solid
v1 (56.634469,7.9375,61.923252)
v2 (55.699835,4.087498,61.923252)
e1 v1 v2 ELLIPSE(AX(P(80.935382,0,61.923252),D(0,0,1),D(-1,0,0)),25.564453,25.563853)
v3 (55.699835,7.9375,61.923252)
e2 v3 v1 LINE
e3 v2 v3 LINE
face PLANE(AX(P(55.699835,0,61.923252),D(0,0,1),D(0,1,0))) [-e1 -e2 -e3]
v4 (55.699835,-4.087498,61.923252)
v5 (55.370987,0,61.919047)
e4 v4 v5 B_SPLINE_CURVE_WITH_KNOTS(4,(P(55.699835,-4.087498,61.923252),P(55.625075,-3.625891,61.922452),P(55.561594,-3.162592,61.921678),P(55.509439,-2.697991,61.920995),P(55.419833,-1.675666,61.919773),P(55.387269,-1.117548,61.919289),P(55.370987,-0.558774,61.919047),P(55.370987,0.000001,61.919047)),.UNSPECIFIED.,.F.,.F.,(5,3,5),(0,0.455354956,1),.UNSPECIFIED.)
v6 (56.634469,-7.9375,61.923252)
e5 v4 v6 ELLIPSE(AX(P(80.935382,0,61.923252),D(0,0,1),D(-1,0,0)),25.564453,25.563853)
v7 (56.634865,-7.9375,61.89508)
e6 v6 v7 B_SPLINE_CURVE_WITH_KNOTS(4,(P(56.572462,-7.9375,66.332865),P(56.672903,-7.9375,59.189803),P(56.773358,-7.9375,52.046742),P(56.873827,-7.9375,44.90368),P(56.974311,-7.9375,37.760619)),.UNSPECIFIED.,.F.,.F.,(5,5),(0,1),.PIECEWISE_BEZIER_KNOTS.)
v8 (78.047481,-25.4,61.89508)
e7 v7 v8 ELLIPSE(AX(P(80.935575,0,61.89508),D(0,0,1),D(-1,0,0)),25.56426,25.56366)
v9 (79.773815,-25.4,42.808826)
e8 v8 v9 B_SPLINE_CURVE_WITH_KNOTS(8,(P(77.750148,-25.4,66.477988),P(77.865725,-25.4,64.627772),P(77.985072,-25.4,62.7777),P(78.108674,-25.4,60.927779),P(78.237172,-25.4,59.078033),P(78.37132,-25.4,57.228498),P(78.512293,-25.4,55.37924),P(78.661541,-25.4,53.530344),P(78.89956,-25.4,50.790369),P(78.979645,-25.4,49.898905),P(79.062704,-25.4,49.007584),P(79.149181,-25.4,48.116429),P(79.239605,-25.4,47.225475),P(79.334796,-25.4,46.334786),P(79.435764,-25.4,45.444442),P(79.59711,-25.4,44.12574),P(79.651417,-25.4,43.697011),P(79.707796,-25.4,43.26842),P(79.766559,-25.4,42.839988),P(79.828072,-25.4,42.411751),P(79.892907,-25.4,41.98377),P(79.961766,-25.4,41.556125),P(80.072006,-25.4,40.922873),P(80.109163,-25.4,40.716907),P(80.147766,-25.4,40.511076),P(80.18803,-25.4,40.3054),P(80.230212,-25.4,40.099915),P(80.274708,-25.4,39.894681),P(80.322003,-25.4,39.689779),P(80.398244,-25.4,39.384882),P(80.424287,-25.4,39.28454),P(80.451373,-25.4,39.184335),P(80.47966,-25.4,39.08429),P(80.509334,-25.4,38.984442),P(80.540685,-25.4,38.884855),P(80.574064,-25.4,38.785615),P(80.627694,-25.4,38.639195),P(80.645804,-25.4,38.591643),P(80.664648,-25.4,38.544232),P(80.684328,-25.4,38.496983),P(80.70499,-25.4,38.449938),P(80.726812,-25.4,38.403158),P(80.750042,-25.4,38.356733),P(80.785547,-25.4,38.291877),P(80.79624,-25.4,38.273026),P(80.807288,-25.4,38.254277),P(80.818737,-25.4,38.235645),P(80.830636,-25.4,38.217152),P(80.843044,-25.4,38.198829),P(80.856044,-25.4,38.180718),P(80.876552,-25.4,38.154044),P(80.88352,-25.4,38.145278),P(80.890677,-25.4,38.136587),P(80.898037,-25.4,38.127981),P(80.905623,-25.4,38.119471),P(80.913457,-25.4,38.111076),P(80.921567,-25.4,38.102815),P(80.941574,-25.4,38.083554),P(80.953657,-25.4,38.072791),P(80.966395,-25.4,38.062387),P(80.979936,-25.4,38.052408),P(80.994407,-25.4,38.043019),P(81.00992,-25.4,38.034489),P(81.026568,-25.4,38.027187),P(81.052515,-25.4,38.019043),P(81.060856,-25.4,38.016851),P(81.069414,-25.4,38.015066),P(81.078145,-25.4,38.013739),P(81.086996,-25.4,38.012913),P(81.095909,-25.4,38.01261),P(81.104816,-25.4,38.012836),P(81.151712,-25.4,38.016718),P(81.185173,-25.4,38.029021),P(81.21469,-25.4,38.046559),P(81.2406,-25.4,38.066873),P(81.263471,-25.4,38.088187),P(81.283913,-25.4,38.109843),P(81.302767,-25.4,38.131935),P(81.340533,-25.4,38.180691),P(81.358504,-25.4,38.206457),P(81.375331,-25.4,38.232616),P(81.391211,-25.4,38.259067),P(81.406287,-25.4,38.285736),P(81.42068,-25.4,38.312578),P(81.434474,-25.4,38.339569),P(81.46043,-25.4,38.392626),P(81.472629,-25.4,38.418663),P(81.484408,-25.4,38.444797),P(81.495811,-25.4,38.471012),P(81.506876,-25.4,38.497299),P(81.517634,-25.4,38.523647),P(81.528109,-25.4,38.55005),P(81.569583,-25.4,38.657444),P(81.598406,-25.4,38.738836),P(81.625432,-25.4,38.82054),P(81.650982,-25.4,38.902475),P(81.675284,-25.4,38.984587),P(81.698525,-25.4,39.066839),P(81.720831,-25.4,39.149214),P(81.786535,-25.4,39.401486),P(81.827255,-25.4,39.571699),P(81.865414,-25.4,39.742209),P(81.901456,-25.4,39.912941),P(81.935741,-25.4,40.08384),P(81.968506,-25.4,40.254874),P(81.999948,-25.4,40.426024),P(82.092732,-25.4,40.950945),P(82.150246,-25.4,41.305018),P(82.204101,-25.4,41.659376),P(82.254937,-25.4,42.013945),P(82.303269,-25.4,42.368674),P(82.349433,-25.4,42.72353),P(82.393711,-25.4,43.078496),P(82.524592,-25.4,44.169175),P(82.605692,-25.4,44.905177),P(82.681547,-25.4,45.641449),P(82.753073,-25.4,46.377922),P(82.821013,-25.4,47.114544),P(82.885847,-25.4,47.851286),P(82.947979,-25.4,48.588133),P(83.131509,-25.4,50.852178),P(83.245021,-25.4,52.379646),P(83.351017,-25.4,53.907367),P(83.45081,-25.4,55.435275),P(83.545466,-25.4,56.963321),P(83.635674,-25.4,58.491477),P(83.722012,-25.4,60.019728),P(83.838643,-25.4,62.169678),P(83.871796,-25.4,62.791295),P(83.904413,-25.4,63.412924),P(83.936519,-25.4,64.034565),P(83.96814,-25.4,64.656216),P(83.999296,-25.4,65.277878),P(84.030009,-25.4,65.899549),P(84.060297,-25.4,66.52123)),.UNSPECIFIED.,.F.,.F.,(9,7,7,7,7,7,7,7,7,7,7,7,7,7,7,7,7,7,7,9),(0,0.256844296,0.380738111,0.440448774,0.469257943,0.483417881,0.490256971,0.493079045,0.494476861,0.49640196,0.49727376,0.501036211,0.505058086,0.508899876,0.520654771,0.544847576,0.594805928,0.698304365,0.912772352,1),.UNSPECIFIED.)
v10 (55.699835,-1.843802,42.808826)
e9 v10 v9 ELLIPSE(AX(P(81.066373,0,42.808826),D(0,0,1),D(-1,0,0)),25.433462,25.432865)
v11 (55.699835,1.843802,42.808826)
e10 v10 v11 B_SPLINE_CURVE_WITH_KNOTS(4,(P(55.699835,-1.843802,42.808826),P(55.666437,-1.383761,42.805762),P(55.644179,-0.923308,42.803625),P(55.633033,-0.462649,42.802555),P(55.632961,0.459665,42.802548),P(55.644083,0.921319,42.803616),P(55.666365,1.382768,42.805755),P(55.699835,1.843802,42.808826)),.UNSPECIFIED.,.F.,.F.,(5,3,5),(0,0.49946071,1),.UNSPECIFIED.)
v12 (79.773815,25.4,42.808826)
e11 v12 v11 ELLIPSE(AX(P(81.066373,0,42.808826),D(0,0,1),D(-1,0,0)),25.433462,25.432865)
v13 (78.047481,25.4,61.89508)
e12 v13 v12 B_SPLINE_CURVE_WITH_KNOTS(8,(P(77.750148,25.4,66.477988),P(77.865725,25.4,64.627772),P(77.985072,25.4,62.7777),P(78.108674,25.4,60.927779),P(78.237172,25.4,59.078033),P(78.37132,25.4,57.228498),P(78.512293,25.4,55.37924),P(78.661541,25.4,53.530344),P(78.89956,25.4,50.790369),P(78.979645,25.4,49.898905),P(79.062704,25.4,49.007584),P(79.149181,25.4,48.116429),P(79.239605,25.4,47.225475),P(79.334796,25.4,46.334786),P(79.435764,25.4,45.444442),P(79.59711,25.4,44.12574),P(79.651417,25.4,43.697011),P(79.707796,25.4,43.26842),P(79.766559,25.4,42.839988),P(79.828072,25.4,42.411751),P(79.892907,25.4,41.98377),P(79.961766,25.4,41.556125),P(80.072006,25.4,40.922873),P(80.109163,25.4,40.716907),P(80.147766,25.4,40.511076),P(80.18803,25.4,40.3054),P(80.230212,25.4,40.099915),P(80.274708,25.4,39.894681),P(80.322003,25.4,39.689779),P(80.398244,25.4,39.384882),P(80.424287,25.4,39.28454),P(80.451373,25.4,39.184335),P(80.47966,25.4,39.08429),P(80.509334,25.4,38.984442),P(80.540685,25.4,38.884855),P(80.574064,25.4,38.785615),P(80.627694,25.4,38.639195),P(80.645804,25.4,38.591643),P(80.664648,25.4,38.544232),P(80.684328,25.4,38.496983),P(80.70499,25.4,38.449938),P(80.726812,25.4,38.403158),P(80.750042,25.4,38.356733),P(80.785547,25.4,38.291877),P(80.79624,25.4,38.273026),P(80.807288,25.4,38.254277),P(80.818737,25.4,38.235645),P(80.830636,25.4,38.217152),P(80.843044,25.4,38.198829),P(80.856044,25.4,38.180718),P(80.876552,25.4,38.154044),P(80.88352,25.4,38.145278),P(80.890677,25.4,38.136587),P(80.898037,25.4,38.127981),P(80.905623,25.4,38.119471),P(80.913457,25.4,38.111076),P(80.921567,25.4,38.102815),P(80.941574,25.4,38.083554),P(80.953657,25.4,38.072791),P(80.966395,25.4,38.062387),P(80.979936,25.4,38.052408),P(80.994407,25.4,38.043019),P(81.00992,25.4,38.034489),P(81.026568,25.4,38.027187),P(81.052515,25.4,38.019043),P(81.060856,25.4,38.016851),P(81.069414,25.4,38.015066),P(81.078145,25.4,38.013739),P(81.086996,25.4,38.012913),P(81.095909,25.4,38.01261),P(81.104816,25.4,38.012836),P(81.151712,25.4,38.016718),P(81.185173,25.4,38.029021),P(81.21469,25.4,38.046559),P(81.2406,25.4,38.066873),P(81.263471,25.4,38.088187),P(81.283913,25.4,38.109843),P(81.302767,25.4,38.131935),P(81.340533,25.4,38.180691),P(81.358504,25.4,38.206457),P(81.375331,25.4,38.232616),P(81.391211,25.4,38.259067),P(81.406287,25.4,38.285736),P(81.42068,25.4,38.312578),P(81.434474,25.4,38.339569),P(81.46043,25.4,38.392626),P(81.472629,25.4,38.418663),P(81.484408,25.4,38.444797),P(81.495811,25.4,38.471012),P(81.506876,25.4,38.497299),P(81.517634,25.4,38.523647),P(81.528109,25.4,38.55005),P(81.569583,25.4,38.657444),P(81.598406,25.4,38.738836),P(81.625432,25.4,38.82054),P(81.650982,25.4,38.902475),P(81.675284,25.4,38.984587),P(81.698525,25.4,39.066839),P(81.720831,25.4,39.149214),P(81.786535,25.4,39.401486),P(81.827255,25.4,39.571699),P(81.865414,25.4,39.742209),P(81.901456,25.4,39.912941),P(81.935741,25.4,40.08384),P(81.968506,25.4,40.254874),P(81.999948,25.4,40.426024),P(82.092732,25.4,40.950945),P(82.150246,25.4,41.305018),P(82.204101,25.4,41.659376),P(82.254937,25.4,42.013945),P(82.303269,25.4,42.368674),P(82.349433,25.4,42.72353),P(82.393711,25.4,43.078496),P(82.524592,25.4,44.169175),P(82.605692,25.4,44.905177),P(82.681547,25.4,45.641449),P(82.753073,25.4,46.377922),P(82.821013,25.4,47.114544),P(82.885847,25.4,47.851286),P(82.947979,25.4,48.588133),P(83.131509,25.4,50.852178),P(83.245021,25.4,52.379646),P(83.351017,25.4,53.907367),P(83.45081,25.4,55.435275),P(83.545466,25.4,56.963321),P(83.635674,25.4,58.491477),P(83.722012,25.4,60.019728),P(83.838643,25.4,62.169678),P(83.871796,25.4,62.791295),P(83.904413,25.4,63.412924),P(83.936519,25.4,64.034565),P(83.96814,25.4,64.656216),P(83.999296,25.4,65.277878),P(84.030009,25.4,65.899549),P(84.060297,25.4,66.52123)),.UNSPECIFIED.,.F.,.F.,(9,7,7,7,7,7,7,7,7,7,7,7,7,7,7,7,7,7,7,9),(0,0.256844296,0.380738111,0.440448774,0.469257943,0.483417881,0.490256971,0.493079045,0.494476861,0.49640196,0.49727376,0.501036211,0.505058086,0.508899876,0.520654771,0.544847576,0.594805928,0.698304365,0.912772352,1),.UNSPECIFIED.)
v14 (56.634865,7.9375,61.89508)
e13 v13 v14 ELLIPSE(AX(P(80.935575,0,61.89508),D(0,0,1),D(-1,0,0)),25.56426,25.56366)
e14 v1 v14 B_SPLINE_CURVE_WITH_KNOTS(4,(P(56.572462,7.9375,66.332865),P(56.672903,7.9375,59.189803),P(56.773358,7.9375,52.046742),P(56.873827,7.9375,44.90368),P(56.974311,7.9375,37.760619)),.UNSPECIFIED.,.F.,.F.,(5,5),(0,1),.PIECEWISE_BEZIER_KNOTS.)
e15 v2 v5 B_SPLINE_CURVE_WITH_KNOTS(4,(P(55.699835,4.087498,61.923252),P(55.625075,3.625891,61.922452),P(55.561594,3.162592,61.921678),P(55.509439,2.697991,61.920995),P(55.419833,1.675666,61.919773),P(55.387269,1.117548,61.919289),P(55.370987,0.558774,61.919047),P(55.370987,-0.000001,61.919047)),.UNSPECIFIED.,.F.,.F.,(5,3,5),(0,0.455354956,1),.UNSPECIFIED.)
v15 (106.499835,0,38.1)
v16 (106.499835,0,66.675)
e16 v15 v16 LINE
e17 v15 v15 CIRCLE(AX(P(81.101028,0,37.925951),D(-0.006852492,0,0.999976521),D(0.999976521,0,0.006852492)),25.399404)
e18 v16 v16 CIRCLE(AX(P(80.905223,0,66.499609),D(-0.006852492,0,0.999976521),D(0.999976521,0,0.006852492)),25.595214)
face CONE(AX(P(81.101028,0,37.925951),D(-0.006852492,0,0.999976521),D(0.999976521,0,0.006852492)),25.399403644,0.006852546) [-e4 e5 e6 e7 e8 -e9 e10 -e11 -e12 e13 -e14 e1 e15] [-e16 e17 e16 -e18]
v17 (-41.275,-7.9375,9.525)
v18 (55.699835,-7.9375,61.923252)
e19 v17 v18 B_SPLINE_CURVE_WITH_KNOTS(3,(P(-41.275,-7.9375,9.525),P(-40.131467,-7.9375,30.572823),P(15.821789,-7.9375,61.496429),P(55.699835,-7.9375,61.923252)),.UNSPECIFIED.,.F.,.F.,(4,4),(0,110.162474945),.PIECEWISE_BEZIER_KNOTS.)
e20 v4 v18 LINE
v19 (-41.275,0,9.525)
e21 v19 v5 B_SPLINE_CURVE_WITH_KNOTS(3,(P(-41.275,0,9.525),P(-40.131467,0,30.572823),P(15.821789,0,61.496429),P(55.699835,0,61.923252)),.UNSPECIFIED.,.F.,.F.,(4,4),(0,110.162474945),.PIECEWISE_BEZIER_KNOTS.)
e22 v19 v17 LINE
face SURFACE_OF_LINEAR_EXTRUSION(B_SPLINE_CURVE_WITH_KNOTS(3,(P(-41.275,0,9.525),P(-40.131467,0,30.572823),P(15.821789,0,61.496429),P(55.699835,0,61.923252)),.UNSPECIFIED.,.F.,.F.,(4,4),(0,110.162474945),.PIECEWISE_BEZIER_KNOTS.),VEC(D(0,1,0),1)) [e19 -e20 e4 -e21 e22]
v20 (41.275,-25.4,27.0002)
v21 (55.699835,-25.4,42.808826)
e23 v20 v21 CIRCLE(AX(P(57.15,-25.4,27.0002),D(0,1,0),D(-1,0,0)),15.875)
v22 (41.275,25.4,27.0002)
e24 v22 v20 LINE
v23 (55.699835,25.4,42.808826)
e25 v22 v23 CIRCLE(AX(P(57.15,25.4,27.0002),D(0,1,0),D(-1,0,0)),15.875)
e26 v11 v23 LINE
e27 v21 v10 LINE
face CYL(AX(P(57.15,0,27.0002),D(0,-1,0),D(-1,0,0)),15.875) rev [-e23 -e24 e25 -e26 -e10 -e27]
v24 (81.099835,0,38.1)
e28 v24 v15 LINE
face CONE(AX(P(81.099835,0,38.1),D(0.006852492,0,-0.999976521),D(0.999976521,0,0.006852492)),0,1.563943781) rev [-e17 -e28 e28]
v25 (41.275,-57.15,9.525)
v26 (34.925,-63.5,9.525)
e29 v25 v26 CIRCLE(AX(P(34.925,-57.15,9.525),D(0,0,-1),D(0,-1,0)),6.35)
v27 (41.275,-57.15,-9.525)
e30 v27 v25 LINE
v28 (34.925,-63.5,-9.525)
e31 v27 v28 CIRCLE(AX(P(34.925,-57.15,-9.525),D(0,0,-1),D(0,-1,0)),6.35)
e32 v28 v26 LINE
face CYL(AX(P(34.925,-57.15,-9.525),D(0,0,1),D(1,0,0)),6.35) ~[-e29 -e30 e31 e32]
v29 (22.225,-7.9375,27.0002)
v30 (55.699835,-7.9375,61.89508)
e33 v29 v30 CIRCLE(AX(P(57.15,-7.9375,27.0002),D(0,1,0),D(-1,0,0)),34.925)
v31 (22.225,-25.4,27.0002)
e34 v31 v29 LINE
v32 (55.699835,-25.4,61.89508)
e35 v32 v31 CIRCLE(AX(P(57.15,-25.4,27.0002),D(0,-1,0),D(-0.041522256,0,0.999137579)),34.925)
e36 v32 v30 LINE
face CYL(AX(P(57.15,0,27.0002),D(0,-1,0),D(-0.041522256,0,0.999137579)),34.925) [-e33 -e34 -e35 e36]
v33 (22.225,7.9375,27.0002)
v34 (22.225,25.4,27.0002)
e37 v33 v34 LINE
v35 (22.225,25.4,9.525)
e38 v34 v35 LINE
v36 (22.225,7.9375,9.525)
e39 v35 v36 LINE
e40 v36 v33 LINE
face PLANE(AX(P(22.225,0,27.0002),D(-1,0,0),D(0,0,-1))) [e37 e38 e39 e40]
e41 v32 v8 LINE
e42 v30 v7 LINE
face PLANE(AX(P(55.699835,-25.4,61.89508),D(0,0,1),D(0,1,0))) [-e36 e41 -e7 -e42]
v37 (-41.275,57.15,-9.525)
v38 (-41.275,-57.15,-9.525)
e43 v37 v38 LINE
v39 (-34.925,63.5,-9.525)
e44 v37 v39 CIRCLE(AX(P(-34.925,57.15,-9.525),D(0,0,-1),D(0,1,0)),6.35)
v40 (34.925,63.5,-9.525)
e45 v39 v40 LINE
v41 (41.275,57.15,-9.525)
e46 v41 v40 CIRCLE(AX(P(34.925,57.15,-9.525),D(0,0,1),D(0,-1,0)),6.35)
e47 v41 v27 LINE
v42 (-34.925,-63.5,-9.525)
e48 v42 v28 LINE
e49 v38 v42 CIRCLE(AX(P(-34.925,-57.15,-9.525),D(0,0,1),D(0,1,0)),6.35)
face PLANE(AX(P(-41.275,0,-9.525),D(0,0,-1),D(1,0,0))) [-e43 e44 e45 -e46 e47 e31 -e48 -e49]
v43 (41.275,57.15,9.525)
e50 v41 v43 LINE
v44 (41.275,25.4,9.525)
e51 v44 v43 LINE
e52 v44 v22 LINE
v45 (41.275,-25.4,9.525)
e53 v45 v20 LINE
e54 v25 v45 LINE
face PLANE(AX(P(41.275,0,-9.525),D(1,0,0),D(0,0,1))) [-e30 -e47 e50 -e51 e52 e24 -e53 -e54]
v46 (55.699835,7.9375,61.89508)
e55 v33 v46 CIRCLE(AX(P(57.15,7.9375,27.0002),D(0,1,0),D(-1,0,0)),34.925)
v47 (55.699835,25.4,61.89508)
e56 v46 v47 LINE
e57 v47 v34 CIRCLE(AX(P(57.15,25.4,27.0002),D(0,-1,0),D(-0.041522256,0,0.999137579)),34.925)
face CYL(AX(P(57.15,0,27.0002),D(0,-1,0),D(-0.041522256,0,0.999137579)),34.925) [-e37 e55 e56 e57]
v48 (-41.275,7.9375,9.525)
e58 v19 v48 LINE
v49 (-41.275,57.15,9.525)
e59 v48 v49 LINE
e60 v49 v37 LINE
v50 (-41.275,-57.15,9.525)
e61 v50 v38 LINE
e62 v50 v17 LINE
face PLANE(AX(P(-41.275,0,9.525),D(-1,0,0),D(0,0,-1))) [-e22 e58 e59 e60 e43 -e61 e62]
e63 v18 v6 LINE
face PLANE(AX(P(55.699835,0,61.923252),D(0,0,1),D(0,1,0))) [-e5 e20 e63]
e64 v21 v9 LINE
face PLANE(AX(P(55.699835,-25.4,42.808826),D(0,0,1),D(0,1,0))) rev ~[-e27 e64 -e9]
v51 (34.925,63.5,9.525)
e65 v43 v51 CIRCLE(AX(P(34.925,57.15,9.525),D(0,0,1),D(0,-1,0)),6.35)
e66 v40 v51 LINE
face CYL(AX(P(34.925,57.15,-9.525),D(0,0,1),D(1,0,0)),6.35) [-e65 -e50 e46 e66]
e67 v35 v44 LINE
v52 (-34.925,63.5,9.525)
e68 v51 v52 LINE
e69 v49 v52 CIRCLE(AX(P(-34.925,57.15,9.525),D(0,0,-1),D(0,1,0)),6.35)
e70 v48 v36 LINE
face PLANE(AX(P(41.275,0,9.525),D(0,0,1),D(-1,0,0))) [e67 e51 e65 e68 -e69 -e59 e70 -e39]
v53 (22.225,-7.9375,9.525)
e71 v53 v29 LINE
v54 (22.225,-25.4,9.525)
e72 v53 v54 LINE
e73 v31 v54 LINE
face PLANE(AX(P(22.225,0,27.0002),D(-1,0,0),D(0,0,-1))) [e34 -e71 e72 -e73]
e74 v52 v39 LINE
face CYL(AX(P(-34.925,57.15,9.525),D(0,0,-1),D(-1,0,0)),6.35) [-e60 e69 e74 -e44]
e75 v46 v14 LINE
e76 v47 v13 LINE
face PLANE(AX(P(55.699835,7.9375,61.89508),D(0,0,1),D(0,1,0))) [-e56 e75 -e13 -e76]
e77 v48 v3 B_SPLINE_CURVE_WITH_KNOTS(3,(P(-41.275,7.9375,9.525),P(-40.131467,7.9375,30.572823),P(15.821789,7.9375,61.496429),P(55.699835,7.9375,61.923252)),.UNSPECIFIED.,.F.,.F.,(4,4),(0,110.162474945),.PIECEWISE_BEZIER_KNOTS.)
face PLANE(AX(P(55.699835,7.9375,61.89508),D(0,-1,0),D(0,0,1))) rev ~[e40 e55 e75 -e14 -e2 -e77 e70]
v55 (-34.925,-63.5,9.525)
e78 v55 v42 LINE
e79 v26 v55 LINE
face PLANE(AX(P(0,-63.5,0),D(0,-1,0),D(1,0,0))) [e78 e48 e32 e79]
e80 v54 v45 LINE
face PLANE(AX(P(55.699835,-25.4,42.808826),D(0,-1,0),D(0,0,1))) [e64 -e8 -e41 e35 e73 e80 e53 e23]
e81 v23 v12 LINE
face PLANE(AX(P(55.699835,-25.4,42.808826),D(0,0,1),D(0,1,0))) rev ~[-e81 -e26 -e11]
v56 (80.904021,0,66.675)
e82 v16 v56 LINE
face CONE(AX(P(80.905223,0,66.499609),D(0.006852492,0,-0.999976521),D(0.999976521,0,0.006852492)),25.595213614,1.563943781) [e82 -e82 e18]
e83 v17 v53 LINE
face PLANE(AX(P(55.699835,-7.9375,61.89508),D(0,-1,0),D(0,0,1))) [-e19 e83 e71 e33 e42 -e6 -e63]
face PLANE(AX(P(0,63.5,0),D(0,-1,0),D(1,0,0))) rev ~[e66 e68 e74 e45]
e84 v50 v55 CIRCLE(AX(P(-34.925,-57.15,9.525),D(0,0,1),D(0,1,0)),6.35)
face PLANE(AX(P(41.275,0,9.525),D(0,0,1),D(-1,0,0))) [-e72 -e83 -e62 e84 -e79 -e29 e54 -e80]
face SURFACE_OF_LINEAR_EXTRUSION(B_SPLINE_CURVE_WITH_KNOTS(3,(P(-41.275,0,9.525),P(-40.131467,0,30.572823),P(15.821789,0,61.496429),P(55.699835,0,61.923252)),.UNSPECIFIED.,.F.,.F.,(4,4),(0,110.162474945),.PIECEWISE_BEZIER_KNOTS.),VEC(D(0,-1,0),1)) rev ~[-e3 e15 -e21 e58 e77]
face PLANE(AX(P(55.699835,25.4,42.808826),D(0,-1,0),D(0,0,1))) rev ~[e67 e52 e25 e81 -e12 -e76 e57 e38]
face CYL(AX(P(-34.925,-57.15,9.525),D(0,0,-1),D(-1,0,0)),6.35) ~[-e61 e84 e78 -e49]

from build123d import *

# Parameters (mm, degrees)
F1_DEPTH = 63.5
F2_DEPTH = 25.4
F3_DEPTH = 7.9375
F4_DEPTH = 25.4
F6_R     = 6.35


with BuildPart() as f1:
    # F0 (on Front) → F1 (new body, symmetric)
    with BuildSketch(Plane.XZ):
        Polygon((22.225, 9.525), (-41.275, 9.525), (-41.275, -9.525), (41.275, -9.525), (41.275, 9.525), align=None)
    extrude(amount=F1_DEPTH, both=True)

    # F0 (on Front) → F2 (join, symmetric)
    with BuildSketch(Plane.XZ):
        with BuildLine():
            Line((22.225, 27.0002), (22.225, 9.525))
            Line((22.225, 9.525), (41.275, 9.525))
            Line((41.275, 9.525), (41.275, 27.0002))
            ThreePointArc((41.275, 27.0002), (45.4231719771, 37.70053315), (55.6998352153, 42.8088257182))
            Line((55.6998352153, 42.8088257182), (55.6998352153, 61.8950799553))
            ThreePointArc((55.6998352153, 61.8950799553), (31.9467995078, 51.1777579815), (22.225, 27.0002))
        make_face()
    extrude(amount=F2_DEPTH, both=True)

    # F0 (on Front) → F3 (join, symmetric)
    with BuildSketch(Plane.XZ):
        with BuildLine():
            add(Edge.make_bspline(
                [(-41.275, 9.525), (-40.1314669034, 30.5728232182), (15.8217890978, 61.4964285617), (55.6998352153, 61.9232521068)],
                knots=[0, 0, 0, 0, 110.1624749452, 110.1624749452, 110.1624749452, 110.1624749452], degree=3))
            Line((-41.275, 9.525), (22.225, 9.525))
            Line((22.225, 9.525), (22.225, 27.0002))
            ThreePointArc((22.225, 27.0002), (31.9467995078, 51.1777579815), (55.6998352153, 61.8950799553))
            Line((55.6998352153, 61.8950799553), (55.6998352153, 61.9232521068))
        make_face()
    extrude(amount=F3_DEPTH, both=True)

    # F4 (add): a face of the model
    f4_faces = [f1.faces().sort_by_distance(p)[0] for p in [
        (55.6998352153, 0, 52.3563592003),
    ]]
    extrude(f4_faces, amount=F4_DEPTH)

    # F0 (on Front) → F5 (revolve)
    with BuildSketch(Plane.XZ):
        Polygon((106.4998352153, 66.675), (80.9040206471, 66.675), (81.0998352153, 38.1), (106.4998352153, 38.1), align=None)
    revolve(axis=Axis((81.0019279312, 0, 52.3875), (-0.0068524924, 0, 0.9999765214)))

    # F6
    f6_edges = [f1.edges().sort_by_distance(p)[0] for p in [
        (-41.275, 63.5, 0),
        (-41.275, -63.5, 0),
        (41.275, -63.5, 0),
        (41.275, 63.5, 0),
    ]]
    fillet(f6_edges, radius=F6_R)


solid = f1.part
